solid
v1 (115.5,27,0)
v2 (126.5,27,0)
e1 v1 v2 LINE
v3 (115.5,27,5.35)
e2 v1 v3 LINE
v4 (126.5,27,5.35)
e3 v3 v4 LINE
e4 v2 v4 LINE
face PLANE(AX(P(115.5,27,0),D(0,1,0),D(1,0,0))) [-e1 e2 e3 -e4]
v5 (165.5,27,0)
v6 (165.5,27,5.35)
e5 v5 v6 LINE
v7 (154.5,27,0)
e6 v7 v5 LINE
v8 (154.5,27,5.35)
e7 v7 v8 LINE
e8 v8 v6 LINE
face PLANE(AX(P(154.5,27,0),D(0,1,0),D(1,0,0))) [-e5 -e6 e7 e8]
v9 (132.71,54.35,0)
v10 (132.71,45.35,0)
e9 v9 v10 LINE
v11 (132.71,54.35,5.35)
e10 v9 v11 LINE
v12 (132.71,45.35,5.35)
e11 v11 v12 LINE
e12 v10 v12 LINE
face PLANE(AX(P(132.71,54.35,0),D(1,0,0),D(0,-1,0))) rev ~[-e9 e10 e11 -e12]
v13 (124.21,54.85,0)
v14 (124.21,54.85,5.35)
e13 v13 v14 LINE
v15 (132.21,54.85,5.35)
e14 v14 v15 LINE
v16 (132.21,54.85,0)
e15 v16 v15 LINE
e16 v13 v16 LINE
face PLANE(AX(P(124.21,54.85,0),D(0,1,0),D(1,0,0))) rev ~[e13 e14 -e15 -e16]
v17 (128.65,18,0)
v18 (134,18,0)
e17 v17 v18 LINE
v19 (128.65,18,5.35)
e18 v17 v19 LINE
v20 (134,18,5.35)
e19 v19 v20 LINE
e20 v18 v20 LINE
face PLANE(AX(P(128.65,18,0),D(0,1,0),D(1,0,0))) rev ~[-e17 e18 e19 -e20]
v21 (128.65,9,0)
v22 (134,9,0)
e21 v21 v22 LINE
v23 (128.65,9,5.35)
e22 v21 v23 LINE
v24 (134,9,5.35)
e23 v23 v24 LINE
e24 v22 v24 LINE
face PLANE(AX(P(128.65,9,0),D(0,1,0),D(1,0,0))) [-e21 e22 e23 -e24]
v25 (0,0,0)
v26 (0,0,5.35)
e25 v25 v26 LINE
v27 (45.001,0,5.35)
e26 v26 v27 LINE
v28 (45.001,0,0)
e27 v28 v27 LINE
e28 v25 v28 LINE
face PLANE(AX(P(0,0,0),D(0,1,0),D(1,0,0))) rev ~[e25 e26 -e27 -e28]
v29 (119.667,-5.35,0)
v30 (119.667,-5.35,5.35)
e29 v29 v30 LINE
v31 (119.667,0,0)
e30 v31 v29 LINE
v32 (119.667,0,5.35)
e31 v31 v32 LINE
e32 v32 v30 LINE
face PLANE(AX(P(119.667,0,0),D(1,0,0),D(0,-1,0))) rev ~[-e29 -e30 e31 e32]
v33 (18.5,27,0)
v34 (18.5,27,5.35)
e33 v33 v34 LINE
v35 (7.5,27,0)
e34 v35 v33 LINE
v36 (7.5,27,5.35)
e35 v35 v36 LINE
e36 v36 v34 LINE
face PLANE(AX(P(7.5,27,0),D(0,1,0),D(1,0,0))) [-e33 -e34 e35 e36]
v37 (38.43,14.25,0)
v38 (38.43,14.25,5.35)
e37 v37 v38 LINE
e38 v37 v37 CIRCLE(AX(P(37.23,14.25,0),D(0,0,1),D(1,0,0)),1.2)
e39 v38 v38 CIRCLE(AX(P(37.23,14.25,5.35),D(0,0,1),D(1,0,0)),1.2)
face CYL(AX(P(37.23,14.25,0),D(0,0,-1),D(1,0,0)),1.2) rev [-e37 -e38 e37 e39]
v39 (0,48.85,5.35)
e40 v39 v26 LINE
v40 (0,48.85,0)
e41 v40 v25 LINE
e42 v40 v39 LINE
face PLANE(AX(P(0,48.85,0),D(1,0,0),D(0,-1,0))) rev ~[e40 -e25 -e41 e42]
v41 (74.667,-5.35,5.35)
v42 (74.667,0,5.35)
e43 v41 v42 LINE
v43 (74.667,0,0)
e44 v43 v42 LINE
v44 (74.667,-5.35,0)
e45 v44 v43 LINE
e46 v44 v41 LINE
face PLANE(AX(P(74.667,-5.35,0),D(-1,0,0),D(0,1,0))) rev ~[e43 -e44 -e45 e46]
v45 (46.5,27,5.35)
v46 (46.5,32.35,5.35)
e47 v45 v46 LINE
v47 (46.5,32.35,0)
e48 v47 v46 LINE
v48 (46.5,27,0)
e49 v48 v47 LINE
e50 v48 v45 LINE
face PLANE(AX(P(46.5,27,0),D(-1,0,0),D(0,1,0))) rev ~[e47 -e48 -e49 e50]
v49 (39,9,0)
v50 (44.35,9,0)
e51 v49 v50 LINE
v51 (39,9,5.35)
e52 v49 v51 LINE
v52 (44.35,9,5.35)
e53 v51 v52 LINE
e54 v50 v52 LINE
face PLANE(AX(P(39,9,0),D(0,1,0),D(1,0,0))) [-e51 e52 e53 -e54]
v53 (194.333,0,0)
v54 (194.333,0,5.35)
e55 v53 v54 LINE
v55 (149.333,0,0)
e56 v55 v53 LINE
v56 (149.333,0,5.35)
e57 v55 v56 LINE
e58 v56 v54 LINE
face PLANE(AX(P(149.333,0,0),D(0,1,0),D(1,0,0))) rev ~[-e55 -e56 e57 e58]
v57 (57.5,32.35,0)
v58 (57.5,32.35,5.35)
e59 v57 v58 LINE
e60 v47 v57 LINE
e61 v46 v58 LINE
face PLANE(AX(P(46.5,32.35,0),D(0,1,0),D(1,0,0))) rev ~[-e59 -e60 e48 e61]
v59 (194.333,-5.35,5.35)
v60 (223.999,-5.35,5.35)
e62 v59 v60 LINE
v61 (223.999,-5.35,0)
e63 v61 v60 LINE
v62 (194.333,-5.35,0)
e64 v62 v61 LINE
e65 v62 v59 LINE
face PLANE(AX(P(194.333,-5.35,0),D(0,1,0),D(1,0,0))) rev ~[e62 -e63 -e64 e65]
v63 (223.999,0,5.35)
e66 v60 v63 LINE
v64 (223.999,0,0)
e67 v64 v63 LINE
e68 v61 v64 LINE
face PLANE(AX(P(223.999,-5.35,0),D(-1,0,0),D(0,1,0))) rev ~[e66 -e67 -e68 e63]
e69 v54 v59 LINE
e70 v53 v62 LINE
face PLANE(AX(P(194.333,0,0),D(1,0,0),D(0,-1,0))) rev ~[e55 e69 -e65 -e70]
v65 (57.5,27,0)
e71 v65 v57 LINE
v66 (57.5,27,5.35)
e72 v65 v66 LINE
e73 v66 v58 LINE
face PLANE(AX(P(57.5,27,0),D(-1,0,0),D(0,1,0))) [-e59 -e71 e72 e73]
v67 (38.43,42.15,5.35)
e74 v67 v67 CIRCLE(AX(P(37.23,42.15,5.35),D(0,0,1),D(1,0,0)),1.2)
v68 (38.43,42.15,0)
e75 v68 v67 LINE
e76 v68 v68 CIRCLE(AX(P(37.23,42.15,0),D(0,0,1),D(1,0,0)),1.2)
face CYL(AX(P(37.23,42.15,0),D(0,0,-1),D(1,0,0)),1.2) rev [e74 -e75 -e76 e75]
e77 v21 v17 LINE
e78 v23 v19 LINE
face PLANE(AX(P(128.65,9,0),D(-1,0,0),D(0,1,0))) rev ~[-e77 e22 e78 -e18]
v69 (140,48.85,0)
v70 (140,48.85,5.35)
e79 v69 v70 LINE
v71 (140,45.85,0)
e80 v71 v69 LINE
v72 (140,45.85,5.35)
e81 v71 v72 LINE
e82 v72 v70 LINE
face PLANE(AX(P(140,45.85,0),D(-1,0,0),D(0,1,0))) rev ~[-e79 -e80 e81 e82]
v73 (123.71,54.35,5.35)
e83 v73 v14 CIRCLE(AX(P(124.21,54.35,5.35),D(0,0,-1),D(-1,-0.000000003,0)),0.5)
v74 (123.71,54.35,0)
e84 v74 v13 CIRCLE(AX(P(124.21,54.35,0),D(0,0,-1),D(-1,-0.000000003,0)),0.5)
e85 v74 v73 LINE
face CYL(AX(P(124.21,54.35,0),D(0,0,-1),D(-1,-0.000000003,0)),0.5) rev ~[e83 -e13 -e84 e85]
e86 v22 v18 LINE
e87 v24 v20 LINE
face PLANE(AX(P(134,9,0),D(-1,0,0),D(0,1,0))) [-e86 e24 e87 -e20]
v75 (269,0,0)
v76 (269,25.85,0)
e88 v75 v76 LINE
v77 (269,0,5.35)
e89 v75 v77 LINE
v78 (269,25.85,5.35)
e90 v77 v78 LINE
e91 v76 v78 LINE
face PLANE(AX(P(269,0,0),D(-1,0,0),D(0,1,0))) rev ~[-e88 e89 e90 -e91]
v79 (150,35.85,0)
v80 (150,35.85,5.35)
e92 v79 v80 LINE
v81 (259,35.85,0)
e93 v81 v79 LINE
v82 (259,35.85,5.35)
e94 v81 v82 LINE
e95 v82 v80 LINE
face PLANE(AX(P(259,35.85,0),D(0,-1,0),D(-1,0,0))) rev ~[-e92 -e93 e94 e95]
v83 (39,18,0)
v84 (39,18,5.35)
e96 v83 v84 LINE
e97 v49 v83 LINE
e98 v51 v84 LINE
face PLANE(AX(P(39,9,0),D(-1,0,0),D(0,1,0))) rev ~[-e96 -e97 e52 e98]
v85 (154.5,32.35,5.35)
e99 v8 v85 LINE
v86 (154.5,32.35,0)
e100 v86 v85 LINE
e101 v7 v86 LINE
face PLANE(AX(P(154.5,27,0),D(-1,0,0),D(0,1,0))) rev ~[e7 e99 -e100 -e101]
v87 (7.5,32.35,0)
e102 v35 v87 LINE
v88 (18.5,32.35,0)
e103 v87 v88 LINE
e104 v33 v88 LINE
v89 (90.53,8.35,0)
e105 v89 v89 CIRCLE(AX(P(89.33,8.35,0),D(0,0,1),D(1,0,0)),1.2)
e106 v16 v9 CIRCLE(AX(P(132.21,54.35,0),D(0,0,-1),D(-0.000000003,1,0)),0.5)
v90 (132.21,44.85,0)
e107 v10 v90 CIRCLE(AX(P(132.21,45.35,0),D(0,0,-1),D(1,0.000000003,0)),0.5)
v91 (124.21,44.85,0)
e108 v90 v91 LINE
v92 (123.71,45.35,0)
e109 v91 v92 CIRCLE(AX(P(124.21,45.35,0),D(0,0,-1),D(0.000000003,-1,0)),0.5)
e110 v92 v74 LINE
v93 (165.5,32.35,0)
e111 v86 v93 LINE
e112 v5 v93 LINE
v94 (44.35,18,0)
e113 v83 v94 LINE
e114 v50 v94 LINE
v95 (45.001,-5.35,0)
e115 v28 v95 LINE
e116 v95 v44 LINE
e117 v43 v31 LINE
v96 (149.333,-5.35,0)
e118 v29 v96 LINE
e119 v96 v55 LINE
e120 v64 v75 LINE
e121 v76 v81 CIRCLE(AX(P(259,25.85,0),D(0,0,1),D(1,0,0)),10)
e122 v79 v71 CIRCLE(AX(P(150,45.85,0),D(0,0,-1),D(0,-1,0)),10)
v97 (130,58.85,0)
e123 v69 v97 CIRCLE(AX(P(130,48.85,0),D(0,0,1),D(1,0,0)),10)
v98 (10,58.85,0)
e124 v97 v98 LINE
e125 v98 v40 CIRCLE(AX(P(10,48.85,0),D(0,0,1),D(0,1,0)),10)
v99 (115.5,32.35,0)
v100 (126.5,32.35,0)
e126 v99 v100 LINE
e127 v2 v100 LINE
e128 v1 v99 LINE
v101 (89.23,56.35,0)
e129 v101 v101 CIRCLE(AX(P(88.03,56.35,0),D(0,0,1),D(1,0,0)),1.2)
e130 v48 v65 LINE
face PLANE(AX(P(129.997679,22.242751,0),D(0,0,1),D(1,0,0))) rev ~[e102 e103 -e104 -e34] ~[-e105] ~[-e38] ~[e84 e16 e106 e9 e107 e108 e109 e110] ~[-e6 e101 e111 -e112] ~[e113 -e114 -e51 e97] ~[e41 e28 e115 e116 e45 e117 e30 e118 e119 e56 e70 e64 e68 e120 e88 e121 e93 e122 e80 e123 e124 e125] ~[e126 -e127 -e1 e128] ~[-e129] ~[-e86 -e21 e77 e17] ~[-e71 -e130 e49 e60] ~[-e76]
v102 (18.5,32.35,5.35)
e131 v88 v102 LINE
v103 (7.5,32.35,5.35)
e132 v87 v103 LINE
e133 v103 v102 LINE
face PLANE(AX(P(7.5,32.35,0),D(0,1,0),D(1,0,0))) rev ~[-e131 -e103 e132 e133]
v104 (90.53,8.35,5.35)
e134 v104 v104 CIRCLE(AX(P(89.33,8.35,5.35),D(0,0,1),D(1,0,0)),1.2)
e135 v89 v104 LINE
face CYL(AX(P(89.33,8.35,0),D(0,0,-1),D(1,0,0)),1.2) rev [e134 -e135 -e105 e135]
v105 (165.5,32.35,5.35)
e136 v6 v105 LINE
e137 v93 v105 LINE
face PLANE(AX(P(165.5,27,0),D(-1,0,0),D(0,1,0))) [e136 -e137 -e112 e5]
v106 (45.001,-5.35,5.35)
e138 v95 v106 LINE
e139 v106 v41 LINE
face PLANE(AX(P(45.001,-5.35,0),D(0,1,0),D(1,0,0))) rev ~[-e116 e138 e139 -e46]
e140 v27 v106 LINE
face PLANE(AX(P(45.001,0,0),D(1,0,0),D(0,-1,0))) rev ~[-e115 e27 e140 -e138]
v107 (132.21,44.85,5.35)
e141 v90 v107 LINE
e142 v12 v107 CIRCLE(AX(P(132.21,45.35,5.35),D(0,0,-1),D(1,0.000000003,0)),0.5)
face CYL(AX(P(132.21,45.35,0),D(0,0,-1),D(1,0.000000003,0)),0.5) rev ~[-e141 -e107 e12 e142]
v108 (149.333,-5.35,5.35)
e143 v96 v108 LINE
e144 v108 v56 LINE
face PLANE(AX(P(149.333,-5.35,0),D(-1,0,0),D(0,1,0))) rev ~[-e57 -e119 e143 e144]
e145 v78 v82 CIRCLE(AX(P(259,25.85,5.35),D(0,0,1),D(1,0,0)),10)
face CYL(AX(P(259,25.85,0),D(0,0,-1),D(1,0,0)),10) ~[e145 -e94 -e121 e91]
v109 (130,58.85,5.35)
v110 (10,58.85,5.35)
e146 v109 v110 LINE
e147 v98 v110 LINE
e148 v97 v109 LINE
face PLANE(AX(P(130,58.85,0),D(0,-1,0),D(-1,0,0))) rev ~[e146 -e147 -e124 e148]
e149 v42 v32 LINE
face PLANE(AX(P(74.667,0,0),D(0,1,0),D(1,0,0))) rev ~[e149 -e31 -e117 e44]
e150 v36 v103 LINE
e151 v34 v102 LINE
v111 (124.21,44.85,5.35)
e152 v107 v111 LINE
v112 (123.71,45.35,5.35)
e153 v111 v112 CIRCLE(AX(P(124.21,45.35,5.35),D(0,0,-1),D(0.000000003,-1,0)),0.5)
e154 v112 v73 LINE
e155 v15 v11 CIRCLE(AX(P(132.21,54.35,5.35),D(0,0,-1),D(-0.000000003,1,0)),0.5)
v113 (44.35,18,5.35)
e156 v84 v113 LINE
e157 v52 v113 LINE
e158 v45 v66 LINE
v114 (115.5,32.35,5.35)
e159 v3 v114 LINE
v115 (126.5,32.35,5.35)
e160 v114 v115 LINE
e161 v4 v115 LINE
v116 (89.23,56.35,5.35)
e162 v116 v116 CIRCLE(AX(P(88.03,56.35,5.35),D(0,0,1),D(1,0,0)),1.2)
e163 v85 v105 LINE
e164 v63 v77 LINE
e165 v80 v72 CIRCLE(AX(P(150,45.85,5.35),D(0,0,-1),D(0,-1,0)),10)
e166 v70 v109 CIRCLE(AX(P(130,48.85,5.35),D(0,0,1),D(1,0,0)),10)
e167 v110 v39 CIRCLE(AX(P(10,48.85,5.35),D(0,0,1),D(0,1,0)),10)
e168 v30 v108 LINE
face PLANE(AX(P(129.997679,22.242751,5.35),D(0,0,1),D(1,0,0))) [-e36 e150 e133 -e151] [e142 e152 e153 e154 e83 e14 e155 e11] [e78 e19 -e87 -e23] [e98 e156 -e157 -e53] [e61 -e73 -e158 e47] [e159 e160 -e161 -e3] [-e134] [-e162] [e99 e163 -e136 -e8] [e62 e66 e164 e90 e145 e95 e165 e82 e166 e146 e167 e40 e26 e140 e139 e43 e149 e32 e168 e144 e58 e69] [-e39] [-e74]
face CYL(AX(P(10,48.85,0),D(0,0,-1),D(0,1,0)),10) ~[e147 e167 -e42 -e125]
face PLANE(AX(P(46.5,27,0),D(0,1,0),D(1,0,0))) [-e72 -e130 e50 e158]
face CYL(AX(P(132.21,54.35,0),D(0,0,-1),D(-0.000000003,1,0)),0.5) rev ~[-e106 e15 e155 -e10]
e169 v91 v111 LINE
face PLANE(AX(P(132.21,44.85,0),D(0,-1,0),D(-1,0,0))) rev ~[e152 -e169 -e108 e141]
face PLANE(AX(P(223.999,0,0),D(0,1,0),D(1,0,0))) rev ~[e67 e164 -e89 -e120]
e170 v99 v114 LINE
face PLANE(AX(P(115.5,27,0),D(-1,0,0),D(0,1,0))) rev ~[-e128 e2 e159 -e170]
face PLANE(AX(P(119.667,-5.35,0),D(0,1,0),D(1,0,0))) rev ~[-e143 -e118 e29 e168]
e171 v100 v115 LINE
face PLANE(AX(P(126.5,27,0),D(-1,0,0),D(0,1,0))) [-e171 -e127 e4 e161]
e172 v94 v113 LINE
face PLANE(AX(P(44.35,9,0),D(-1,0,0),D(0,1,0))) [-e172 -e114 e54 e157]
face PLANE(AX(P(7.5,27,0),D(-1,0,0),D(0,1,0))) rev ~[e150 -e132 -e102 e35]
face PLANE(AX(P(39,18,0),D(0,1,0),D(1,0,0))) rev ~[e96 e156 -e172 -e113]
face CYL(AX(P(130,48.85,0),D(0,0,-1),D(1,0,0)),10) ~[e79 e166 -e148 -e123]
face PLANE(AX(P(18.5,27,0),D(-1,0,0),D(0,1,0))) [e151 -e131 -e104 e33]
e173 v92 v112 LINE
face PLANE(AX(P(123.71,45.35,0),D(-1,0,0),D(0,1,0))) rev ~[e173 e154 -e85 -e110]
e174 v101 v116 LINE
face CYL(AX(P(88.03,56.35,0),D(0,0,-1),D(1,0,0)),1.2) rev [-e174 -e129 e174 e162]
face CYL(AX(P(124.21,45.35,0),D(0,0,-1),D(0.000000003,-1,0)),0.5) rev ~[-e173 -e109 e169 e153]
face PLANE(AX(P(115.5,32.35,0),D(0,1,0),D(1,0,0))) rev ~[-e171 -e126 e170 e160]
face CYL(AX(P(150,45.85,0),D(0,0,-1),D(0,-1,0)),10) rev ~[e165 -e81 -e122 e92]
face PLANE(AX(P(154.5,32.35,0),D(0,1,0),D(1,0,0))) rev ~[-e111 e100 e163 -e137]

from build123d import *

# Parameters (mm, degrees)
MODEL_R             = 1.2
MODEL_W             = 11
MODEL_H             = 5.35
MODEL_W_2           = 5.35
MODEL_H_2           = 9
BOSS_EXTRUDE1_DEPTH = 5.35


with BuildPart() as part:
    # Model → Boss-Extrude1 (new body)
    with BuildSketch(Plane.XY):
        with BuildLine():
            Line((0, 0), (45.001, 0))
            Line((45.001, 0), (45.001, -5.35))
            Line((45.001, -5.35), (74.667, -5.35))
            Line((74.667, -5.35), (74.667, 0))
            Line((74.667, 0), (119.667, 0))
            Line((119.667, 0), (119.667, -5.35))
            Line((119.667, -5.35), (149.333, -5.35))
            Line((149.333, -5.35), (149.333, 0))
            Line((149.333, 0), (194.333, 0))
            Line((194.333, 0), (194.333, -5.35))
            Line((194.333, -5.35), (223.999, -5.35))
            Line((223.999, -5.35), (223.999, 0))
            Line((223.999, 0), (269, 0))
            Line((269, 0), (269, 25.85))
            ThreePointArc((269, 25.85), (266.071067812, 32.921067812), (259, 35.85))
            Line((259, 35.85), (150, 35.85))
            ThreePointArc((150, 35.85), (142.928932188, 38.778932188), (140, 45.85))
            Line((140, 45.85), (140, 48.85))
            ThreePointArc((140, 48.85), (137.071067812, 55.921067812), (130, 58.85))
            Line((130, 58.85), (10, 58.85))
            ThreePointArc((10, 58.85), (2.928932188, 55.921067812), (0, 48.85))
            Line((0, 48.85), (0, 0))
        make_face()
        with Locations((37.23, 42.15)):
            Circle(MODEL_R, mode=Mode.SUBTRACT)
        with Locations((88.03, 56.35)):
            Circle(MODEL_R, mode=Mode.SUBTRACT)
        with Locations((89.33, 8.35)):
            Circle(MODEL_R, mode=Mode.SUBTRACT)
        with Locations((37.23, 14.25)):
            Circle(MODEL_R, mode=Mode.SUBTRACT)
        with Locations((13, 29.675)):
            Rectangle(MODEL_W, MODEL_H, mode=Mode.SUBTRACT)
        with Locations((52, 29.675)):
            Rectangle(MODEL_W, MODEL_H, mode=Mode.SUBTRACT)
        with Locations((121, 29.675)):
            Rectangle(MODEL_W, MODEL_H, mode=Mode.SUBTRACT)
        with Locations((160, 29.675)):
            Rectangle(MODEL_W, MODEL_H, mode=Mode.SUBTRACT)
        with Locations((41.675, 13.5)):
            Rectangle(MODEL_W_2, MODEL_H_2, mode=Mode.SUBTRACT)
        with Locations((131.325, 13.5)):
            Rectangle(MODEL_W_2, MODEL_H_2, mode=Mode.SUBTRACT)
        with BuildLine():
            Line((124.21, 54.85), (132.21, 54.85))
            ThreePointArc((132.21, 54.85), (132.563553391, 54.703553391), (132.71, 54.35))
            Line((132.71, 54.35), (132.71, 45.35))
            ThreePointArc((132.71, 45.35), (132.563553391, 44.996446609), (132.21, 44.85))
            Line((132.21, 44.85), (124.21, 44.85))
            ThreePointArc((124.21, 44.85), (123.856446609, 44.996446609), (123.71, 45.35))
            Line((123.71, 45.35), (123.71, 54.35))
            ThreePointArc((123.71, 54.35), (123.856446609, 54.703553391), (124.21, 54.85))
        make_face(mode=Mode.SUBTRACT)
    extrude(amount=BOSS_EXTRUDE1_DEPTH)


solid = part.part
